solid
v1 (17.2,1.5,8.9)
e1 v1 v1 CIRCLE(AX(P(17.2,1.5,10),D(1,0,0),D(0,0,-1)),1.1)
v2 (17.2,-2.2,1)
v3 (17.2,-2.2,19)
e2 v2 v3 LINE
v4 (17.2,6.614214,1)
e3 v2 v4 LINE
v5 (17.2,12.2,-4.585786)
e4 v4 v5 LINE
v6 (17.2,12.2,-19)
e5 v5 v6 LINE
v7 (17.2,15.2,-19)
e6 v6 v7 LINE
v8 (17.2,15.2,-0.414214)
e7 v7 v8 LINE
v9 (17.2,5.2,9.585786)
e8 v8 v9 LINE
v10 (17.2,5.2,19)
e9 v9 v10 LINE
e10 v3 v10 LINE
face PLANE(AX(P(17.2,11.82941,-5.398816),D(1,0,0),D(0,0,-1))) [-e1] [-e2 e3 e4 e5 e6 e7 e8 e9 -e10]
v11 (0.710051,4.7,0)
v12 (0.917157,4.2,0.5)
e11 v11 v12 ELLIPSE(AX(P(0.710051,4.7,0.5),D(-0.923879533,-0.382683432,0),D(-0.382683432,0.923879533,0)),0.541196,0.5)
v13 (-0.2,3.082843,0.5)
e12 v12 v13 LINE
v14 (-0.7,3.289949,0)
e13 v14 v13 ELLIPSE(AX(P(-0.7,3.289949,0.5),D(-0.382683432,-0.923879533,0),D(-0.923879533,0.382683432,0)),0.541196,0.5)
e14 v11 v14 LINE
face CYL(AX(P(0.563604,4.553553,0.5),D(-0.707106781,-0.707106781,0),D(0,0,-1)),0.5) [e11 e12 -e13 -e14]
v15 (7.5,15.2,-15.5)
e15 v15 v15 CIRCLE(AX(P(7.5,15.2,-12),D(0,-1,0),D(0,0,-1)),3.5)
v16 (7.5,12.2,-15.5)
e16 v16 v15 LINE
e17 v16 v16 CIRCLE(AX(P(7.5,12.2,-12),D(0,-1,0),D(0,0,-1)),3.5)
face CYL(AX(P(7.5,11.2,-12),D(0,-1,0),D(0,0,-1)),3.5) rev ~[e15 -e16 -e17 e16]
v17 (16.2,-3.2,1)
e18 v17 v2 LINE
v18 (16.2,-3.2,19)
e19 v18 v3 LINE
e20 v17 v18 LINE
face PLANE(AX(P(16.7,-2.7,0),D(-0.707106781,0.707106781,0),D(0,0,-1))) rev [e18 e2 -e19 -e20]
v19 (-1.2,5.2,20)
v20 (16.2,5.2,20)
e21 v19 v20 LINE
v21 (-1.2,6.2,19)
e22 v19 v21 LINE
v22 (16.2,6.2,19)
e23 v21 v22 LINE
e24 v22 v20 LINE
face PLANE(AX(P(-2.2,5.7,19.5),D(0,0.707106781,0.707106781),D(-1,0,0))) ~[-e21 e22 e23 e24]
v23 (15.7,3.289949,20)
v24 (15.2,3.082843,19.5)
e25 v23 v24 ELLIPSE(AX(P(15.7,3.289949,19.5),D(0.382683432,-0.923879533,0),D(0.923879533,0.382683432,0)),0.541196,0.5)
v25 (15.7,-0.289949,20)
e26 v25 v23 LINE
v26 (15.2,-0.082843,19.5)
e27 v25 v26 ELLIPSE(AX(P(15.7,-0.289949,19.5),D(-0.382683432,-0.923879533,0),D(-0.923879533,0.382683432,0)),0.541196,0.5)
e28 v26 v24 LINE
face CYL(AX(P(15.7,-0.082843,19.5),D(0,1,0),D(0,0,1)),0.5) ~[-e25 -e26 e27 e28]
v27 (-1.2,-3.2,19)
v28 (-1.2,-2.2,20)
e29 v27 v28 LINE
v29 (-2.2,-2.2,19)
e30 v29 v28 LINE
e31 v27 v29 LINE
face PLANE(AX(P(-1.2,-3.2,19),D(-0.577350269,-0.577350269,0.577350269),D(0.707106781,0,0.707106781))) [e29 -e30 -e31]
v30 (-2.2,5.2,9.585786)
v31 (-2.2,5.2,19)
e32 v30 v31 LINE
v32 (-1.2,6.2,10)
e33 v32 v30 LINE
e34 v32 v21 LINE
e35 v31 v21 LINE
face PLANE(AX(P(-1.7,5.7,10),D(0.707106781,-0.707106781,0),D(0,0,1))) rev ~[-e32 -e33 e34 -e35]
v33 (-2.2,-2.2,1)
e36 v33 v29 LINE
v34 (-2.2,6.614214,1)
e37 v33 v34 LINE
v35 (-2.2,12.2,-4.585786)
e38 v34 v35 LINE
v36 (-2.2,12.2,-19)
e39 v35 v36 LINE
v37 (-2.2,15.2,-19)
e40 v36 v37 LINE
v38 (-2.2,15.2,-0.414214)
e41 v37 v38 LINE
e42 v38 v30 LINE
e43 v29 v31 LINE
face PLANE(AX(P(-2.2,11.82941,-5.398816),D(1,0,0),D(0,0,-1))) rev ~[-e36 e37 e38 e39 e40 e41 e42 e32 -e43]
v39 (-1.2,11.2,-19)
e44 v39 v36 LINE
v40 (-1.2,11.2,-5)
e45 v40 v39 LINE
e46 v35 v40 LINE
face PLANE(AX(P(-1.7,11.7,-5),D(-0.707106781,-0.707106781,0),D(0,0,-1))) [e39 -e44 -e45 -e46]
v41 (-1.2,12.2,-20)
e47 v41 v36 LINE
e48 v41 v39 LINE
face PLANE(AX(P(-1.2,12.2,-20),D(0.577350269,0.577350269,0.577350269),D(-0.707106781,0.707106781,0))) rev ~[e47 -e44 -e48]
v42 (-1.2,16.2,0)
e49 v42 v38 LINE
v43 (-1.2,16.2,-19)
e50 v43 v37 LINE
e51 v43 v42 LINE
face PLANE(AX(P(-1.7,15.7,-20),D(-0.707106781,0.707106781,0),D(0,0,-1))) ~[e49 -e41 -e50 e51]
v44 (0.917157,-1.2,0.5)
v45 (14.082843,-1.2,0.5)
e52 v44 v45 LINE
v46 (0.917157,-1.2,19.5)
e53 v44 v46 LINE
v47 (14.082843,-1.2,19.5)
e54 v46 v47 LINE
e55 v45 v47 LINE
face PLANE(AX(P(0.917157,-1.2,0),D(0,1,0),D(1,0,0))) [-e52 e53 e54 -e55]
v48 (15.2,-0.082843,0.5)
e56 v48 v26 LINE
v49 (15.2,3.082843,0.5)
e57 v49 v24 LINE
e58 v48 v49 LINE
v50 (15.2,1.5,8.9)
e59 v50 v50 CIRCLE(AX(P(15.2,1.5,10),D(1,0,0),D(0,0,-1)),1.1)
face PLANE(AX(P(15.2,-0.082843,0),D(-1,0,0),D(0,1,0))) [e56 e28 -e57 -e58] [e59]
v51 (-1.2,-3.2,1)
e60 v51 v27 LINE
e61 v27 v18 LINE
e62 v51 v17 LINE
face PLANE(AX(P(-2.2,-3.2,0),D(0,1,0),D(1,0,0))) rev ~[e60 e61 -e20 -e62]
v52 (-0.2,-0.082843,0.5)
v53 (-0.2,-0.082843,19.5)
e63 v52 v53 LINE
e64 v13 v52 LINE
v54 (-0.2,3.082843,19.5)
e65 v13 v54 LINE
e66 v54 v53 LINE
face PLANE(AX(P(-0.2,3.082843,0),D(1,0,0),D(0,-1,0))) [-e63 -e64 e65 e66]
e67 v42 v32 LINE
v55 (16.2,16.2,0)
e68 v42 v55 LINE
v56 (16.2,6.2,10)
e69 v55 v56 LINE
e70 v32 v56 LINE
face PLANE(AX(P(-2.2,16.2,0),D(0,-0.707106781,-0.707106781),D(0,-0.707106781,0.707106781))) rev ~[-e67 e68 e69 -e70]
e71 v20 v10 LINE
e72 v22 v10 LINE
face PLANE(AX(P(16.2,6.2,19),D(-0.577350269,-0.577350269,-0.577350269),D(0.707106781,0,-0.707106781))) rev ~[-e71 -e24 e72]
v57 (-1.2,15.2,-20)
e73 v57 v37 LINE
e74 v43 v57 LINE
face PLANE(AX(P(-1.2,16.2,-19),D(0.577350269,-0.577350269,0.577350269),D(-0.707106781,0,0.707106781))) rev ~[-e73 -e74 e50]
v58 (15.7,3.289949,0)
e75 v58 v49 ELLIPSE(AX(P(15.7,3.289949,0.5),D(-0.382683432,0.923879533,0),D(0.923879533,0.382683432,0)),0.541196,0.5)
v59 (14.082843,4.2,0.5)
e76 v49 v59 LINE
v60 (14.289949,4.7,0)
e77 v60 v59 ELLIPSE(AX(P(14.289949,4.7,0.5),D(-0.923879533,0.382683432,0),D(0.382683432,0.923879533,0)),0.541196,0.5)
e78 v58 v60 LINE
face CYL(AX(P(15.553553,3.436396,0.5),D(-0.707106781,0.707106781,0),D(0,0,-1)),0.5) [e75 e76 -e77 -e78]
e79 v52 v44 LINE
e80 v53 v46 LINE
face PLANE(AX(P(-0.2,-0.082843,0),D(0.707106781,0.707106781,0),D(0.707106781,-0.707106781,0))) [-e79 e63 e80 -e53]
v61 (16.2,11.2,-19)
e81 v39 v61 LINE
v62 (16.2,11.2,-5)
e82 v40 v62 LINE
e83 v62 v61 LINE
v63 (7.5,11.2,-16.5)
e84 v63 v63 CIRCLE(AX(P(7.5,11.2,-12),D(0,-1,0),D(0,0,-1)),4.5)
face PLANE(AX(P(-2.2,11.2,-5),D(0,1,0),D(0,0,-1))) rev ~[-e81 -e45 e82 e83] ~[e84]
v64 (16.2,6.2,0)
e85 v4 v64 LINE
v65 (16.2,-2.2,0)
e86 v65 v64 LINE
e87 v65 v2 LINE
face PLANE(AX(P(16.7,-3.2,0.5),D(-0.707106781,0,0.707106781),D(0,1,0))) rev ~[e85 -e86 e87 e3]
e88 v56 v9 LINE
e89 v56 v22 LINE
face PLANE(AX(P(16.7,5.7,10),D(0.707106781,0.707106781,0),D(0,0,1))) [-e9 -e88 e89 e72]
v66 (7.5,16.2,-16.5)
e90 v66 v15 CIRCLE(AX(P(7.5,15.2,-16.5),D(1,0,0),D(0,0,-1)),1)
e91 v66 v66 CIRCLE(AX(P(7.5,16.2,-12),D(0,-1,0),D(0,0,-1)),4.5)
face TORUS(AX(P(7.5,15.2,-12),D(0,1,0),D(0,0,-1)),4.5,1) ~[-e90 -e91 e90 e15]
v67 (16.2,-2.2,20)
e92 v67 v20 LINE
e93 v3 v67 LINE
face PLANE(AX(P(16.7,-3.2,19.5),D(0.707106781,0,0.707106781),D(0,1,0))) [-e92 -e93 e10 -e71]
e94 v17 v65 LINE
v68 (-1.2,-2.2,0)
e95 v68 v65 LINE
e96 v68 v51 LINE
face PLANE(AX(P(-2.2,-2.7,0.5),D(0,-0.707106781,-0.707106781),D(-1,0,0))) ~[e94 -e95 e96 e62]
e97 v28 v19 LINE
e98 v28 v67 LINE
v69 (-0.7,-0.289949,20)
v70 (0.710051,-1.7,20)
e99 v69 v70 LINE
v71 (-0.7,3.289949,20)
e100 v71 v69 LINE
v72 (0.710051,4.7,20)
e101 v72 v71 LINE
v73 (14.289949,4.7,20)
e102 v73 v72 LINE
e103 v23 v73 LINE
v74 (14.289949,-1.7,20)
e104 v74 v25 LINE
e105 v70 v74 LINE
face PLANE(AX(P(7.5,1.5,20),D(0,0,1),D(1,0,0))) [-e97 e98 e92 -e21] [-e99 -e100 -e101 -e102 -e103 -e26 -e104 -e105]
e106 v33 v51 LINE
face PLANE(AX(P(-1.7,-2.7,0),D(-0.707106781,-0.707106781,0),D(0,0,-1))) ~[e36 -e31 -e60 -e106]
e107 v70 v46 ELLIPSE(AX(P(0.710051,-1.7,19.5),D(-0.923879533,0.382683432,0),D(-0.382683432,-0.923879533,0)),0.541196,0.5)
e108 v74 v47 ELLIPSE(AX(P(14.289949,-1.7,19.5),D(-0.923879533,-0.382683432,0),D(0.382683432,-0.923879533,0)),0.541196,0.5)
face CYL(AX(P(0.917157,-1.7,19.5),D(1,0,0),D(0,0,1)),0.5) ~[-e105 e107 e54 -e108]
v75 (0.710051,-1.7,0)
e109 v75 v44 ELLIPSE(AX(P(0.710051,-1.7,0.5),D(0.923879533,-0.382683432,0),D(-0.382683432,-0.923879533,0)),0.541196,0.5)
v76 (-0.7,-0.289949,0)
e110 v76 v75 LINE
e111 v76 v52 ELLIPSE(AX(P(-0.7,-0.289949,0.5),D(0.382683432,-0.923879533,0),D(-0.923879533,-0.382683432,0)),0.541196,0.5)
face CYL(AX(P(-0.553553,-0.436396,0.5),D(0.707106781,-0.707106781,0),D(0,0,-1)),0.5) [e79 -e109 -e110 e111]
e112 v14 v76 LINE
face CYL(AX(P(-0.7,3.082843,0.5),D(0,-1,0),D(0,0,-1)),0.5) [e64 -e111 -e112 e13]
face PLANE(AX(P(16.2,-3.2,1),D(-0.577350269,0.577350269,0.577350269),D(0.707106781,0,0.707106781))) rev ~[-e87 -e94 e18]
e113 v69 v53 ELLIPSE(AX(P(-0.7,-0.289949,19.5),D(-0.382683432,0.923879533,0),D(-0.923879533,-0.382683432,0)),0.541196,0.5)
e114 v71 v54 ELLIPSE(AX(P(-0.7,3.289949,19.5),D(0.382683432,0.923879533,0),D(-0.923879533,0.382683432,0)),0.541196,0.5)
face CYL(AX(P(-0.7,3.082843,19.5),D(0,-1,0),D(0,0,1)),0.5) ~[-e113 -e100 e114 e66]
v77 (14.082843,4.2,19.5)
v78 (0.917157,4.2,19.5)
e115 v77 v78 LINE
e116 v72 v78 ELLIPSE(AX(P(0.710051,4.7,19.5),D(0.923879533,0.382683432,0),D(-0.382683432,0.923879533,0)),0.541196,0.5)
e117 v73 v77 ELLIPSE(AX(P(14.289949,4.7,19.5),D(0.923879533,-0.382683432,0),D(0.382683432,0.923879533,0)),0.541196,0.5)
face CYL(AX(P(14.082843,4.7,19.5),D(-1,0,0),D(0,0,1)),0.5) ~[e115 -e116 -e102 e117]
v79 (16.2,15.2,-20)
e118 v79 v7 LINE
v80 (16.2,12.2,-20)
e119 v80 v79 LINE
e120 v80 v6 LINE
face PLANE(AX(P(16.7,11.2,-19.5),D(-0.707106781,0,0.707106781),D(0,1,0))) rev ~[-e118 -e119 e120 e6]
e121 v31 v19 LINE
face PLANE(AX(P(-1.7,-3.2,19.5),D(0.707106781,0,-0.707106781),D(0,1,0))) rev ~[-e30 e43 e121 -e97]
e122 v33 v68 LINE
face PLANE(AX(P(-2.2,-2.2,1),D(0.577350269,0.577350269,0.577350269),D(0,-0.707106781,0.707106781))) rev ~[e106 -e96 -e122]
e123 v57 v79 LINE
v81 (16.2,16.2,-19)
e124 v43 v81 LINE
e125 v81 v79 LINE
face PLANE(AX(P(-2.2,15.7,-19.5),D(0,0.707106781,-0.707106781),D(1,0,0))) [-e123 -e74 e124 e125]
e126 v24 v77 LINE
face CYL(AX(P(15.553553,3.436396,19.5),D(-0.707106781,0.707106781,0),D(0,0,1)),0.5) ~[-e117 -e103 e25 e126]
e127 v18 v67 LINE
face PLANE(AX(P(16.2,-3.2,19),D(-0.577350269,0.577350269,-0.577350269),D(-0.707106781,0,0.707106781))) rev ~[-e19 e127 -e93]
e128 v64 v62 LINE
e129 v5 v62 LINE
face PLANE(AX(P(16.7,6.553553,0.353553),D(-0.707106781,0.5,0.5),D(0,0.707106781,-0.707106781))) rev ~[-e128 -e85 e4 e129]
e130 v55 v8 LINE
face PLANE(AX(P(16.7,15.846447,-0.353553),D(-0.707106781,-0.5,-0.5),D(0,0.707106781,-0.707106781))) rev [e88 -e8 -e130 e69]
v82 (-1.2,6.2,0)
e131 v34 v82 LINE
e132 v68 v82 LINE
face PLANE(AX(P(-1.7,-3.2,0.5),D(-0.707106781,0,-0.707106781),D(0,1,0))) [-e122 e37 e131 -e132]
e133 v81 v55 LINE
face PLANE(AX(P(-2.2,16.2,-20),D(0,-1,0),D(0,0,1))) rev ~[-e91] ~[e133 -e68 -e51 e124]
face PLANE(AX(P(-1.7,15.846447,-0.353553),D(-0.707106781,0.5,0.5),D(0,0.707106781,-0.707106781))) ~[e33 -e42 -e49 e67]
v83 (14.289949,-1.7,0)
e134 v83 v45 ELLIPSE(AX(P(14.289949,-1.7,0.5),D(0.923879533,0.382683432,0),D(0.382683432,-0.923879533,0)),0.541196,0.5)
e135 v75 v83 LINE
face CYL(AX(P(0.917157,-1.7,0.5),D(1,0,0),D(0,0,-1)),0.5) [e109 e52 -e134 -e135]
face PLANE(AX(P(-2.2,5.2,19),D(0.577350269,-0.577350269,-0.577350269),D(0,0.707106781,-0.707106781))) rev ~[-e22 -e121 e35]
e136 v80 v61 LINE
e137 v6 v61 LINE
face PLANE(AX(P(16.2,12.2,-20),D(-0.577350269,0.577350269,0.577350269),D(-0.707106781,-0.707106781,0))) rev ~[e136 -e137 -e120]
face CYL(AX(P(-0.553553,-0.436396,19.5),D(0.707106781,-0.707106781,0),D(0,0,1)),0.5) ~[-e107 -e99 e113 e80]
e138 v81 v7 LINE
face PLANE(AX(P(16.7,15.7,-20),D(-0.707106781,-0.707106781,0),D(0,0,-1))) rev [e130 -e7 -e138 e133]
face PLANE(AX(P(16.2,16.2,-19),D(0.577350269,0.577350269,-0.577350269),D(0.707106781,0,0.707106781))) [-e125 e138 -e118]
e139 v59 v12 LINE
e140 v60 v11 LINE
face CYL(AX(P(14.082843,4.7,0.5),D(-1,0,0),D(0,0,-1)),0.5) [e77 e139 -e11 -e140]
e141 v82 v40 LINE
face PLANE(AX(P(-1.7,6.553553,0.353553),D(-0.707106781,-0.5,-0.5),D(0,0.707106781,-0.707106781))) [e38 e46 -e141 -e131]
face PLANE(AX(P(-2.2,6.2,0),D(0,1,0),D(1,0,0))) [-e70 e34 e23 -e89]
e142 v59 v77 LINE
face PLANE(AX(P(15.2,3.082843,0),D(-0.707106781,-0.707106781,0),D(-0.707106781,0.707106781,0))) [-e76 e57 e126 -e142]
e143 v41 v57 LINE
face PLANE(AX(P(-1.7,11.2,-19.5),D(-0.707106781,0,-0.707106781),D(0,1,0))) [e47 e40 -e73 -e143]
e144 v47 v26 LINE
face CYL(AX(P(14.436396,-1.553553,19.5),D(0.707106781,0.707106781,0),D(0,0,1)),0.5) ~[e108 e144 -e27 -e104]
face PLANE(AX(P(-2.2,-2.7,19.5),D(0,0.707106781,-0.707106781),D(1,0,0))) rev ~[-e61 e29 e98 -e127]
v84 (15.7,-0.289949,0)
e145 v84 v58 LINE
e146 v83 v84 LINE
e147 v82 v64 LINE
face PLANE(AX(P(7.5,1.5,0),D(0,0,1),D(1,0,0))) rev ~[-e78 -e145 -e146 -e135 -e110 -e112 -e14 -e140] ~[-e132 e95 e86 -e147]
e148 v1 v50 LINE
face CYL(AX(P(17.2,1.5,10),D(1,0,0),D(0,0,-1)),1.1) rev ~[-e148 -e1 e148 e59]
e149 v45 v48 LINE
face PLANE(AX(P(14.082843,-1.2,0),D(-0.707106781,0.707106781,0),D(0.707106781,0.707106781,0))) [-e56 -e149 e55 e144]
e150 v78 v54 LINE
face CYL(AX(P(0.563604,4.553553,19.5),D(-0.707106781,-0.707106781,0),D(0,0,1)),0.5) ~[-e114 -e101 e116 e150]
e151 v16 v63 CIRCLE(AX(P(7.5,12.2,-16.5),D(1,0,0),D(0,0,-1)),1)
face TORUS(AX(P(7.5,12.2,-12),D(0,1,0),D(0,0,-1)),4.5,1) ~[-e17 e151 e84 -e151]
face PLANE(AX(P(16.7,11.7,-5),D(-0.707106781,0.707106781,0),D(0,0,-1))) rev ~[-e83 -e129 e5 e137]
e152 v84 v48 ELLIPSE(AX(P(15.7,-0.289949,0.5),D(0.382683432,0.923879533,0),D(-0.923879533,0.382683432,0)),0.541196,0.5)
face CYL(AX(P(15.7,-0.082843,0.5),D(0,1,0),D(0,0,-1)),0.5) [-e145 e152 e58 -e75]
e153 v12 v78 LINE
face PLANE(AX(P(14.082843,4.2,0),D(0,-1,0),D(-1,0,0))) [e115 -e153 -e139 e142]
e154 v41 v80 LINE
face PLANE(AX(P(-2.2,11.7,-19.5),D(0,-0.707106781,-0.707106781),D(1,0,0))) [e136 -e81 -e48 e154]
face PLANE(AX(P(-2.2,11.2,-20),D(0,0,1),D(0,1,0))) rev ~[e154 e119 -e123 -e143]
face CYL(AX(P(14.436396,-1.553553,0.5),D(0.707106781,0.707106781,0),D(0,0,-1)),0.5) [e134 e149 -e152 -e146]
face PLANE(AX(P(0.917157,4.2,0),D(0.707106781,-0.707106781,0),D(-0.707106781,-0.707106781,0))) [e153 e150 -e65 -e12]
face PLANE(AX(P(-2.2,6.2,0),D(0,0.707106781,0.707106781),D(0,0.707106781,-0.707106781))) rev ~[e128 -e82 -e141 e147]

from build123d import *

# Parameters (mm, degrees)
ESBO_O2_W                = 19.4
ESBO_O2_H                = 9.4
RESSALTO_EXTRUS_O1_DEPTH = 20
RESSALTO_EXTRUS_O2_DEPTH = 19.4
CHANFRO2_SIZE            = 1
ESBO_O5_R                = 3.5
CORTE_EXTRUS_O1_DEPTH    = 20
FILETE1_R                = 1
FILETE2_R                = 0.5
ESBO_O6_R                = 1.1
CORTE_EXTRUS_O2_DEPTH    = 10


with BuildPart() as part:
    # Esboço2 → Ressalto-extrusão1 (new body)
    with BuildSketch(Plane.XY):
        with Locations((7.5, 1.5)):
            Rectangle(ESBO_O2_W, ESBO_O2_H)
        Polygon((15.2, 3.082842712), (14.082842712, 4.2), (0.917157288, 4.2), (-0.2, 3.082842712), (-0.2, -0.082842712), (0.917157288, -1.2), (14.082842712, -1.2), (15.2, -0.082842712), align=None, mode=Mode.SUBTRACT)
    extrude(amount=RESSALTO_EXTRUS_O1_DEPTH)

    # Esboço4 → Ressalto-extrusão2 (add)
    with BuildSketch(Plane(origin=(-2.2, 0, 0), x_dir=(0, 0, -1), z_dir=(1, 0, 0))):
        Polygon((0, 16.2), (-10, 6.2), (0, 6.2), (5, 11.2), (20, 11.2), (20, 16.2), align=None)
    extrude(amount=RESSALTO_EXTRUS_O2_DEPTH)

    # Chanfro2
    chanfro2_edges = [part.edges().sort_by_distance(p)[0] for p in [
        (17.2, 1.5, 20),
        (7.5, 6.2, 20),
        (17.2, 11.2, 5),
        (-2.2, 11.2, 5),
        (17.2, 8.7, -2.5),
        (-2.2, 8.7, -2.5),
        (17.2, 11.2, -12.5),
        (-2.2, 11.2, -12.5),
        (17.2, 13.7, -20),
        (7.5, 11.2, -20),
        (-2.2, 13.7, -20),
        (7.5, 16.2, -20),
        (-2.2, 16.2, -10),
        (17.2, 16.2, -10),
        (-2.2, 1.5, 20),
        (17.2, 1.5, 0),
        (7.5, -3.2, 0),
        (-2.2, 1.5, 0),
        (-2.2, 6.2, 15),
        (17.2, 6.2, 15),
        (17.2, -3.2, 10),
        (-2.2, -3.2, 10),
        (7.5, -3.2, 20),
    ]]
    chamfer(chanfro2_edges, length=CHANFRO2_SIZE)

    # Esboço5 → Corte-extrusão1 (cut)
    with BuildSketch(Plane.XZ.offset(-11.2)):
        with Locations(Location((7.5, -12, 0), (0, 0, 270))):
            Circle(ESBO_O5_R)
    extrude(amount=-CORTE_EXTRUS_O1_DEPTH, mode=Mode.SUBTRACT)

    # Filete1
    filete1_edges = [part.edges().sort_by_distance(p)[0] for p in [
        (7.5, 16.2, -8.5),
        (7.5, 11.2, -8.5),
    ]]
    fillet(filete1_edges, radius=FILETE1_R)

    # Filete2
    filete2_edges = [part.edges().sort_by_distance(p)[0] for p in [
        (15.2, 1.5, 0),
        (14.641421356, 3.641421356, 0),
        (7.5, 4.2, 0),
        (0.358578644, 3.641421356, 0),
        (-0.2, 1.5, 0),
        (0.358578644, -0.641421356, 0),
        (7.5, -1.2, 0),
        (14.641421356, -0.641421356, 0),
        (15.2, 1.5, 20),
        (14.641421356, 3.641421356, 20),
        (7.5, 4.2, 20),
        (0.358578644, 3.641421356, 20),
        (-0.2, 1.5, 20),
        (0.358578644, -0.641421356, 20),
        (7.5, -1.2, 20),
        (14.641421356, -0.641421356, 20),
    ]]
    fillet(filete2_edges, radius=FILETE2_R)

    # Esboço6 → Corte-extrusão2 (cut)
    with BuildSketch(Plane(origin=(17.2, 0, 0), x_dir=(0, 0, -1), z_dir=(1, 0, 0))):
        with Locations((-10, 1.5)):
            Circle(ESBO_O6_R)
    extrude(amount=-CORTE_EXTRUS_O2_DEPTH, mode=Mode.SUBTRACT)


solid = part.part
